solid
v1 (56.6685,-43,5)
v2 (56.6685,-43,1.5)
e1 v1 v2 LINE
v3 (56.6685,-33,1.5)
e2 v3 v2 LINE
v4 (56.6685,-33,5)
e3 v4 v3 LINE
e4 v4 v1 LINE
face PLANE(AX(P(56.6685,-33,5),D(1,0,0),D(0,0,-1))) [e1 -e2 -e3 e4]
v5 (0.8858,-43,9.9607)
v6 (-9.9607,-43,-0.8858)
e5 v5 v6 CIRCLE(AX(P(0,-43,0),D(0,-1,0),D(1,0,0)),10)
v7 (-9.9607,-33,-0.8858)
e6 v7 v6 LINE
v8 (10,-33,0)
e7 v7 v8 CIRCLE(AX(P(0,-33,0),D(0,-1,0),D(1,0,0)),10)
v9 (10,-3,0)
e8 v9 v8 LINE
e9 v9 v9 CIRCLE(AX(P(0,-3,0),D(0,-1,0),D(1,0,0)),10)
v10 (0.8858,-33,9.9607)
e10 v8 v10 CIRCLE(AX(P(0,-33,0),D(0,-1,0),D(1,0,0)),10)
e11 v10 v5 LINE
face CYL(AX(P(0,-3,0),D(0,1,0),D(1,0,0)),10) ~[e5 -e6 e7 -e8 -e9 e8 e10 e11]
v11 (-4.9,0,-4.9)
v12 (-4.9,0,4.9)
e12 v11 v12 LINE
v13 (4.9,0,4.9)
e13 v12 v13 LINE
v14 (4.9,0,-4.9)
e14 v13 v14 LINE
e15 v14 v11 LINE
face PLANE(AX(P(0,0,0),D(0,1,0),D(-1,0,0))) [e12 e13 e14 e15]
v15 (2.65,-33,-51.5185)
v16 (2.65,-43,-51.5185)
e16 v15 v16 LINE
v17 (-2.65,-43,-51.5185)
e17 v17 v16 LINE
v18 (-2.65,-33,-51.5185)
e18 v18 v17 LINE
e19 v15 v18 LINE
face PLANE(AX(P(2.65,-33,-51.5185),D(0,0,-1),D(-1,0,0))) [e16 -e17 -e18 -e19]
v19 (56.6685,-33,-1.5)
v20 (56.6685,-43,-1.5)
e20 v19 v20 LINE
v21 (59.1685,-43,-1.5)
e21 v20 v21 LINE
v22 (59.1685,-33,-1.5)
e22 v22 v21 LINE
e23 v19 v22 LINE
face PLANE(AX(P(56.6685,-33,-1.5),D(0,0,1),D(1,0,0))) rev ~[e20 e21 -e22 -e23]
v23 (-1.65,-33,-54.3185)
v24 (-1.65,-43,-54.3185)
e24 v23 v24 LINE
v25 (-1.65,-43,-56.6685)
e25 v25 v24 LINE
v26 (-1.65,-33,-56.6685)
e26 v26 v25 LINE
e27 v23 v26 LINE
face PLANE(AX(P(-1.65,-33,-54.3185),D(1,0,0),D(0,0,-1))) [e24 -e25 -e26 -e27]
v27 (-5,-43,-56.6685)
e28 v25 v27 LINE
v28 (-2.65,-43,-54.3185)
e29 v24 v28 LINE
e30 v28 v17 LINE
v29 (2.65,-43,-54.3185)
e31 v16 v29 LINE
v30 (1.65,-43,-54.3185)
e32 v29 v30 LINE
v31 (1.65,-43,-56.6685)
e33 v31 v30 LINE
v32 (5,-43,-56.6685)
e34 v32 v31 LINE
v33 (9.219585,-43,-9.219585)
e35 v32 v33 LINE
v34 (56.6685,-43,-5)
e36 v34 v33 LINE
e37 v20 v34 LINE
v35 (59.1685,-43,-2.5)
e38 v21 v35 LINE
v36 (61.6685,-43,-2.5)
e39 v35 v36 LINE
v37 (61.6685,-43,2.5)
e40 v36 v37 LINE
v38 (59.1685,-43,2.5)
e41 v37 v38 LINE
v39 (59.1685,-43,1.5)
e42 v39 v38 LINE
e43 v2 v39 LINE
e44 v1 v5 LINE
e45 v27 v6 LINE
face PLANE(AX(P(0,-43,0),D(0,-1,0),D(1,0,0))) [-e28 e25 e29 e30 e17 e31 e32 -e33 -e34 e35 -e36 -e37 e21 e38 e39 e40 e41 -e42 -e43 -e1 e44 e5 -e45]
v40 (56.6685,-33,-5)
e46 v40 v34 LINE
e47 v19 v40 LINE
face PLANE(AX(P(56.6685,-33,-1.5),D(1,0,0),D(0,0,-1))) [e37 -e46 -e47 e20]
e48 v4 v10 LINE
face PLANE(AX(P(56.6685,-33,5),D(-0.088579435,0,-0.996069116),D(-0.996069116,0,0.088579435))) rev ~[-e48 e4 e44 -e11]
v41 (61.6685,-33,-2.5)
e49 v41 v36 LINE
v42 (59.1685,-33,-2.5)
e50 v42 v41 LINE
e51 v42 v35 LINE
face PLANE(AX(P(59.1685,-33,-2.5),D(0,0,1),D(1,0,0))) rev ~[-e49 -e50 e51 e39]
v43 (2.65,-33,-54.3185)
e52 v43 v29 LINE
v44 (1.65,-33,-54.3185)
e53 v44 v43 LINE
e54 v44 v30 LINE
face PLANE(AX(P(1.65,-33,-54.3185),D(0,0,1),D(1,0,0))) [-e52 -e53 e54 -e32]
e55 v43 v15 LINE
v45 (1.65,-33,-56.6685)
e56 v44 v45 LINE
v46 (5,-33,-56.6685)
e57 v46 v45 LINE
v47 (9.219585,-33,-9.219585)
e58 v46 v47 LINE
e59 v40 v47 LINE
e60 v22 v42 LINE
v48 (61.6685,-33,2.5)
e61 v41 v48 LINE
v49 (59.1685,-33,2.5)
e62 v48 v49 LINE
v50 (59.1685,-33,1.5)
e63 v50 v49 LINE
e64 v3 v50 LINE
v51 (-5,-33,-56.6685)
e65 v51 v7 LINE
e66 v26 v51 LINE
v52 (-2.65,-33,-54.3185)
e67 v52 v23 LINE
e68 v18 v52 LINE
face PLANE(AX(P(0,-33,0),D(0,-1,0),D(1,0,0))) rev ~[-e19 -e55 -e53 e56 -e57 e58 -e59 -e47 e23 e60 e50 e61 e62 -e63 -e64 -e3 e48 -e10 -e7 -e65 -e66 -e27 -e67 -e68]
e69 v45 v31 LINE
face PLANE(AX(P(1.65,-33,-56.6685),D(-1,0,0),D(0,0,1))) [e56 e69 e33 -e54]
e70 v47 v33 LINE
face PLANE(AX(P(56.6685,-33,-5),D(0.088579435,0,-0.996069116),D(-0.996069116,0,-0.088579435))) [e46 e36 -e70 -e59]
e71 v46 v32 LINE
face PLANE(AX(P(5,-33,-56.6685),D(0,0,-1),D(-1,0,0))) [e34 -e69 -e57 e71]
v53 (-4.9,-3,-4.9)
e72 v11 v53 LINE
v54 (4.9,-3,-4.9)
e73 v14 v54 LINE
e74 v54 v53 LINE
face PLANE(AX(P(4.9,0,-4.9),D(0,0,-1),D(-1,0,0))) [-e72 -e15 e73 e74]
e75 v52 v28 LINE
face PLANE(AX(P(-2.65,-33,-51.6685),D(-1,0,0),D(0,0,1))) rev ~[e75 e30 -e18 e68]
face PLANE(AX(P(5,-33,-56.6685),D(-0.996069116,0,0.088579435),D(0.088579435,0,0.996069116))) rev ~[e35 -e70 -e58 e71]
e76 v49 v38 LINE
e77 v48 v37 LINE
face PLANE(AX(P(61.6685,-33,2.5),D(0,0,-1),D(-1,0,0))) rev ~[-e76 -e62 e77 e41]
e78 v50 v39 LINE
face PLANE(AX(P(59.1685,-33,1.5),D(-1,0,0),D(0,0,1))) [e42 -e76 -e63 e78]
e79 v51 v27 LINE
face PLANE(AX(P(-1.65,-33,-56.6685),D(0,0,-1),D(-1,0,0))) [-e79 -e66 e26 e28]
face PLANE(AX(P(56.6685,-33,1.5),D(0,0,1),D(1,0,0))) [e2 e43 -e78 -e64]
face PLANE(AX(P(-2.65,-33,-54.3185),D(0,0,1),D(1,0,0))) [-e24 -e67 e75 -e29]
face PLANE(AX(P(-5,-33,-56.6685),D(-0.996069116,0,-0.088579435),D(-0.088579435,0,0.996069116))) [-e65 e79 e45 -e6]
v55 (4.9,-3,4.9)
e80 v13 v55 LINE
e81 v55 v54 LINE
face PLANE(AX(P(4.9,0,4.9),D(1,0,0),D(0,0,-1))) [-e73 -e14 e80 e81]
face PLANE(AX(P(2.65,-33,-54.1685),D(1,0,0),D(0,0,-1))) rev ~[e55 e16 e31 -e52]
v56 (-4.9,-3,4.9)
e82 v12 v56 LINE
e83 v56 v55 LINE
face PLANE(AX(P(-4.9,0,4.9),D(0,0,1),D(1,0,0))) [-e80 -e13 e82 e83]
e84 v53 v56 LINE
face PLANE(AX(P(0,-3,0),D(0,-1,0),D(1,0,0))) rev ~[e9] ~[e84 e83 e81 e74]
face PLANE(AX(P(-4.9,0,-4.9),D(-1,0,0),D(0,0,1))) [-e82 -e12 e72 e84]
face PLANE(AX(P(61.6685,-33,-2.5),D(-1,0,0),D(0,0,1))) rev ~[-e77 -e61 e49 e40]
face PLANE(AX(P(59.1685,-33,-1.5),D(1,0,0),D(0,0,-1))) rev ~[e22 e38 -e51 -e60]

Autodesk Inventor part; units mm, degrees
ref_plane "YZ Plane" through (0, 0, 0) normal (1, 0, 0) x (0, 1, 0)
ref_plane "XZ Plane" through (0, 0, 0) normal (0, 1, 0) x (-1, 0, 0)
ref_plane "XY Plane" through (0, 0, 0) normal (0, 0, 1) x (1, 0, 0)
sketch "Sketch1" plane through (0, 0, 0) normal (0, 1, 0) x (-1, 0, 0)
  line L0 (4.9, 4.9) -> (-4.9, 4.9)
  line L1 (-4.9, 4.9) -> (-4.9, -4.9)
  line L2 (-4.9, -4.9) -> (4.9, -4.9)
  line L3 (4.9, -4.9) -> (4.9, 4.9)
  line L4 (4.9, 4.9) -> (-4.9, -4.9) construction
  line L5 (-4.9, 4.9) -> (4.9, -4.9) construction
  point P0 (0, 0)
  dimension "d0" = 9.8
  dimension "d1" = 9.8
extrude "Extrusion1" add sketch "Sketch1" against normal blind 3
sketch "Sketch2" plane through (0, -3, 0) normal (0, -1, 0) x (1, 0, 0)
  circle A0 centre (0, 0) radius 10
  dimension "d4" = 20
extrude "Extrusion2" add sketch "Sketch2" along normal blind 30
sketch "Sketch3" plane through (0, -33, 0) normal (0, -1, 0) x (1, 0, 0)
  arc A0 (56.6685, -50.6545) -> (56.6685, -62.6825) centre (56.6685, -56.6685) ccw projected
  line L0 (56.6685, -56.6685) -> (0, -56.6685)
  line L1 (0, -56.6685) -> (0, 0)
  circle A1 centre (0, 0) radius 10
  circle A2 centre (0, 0) radius 10 projected
  line L2 (0, -56.6685) -> (-5, -56.6685)
  line L3 (-5, -56.6685) -> (-9.9607, -0.8858)
  line L4 (56.6685, 5) -> (0.8858, 9.9607)
  line L5 (0, -56.6685) -> (5, -56.6685)
  line L6 (56.6685, -5) -> (0.8858, -9.9607)
  line L7 (5, -56.6685) -> (9.9607, -0.8858)
  line L8 (56.6685, 5) -> (112.4513, 9.9607)
  line L9 (56.6685, -5) -> (112.4513, -9.9607)
  line L10 (-5, -56.6685) -> (-9.9607, -112.4513)
  line L11 (5, -56.6685) -> (9.9607, -112.4513)
  line L12 (56.6685, 5) -> (56.6685, -5)
  line L13 (56.6685, 0) -> (56.6685, 1.5)
  line L14 (56.6685, 1.5) -> (59.1685, 1.5)
  line L15 (59.1685, 1.5) -> (59.1685, 2.5)
  line L16 (56.6685, 0) -> (56.6685, -1.5)
  line L17 (56.6685, -1.5) -> (59.1685, -1.5)
  line L18 (59.1685, -1.5) -> (59.1685, -2.5)
  line L19 (59.1685, -2.5) -> (61.6685, -2.5)
  line L20 (61.6685, -2.5) -> (61.6685, 2.5)
  line L21 (61.6685, 2.5) -> (59.1685, 2.5)
  line L22 (-1.5, -56.6685) -> (-1.5, -54.1685)
  line L23 (-1.5, -54.1685) -> (-2.5, -54.1685)
  line L24 (1.5, -56.6685) -> (1.5, -54.1685)
  line L25 (1.5, -54.1685) -> (2.5, -54.1685)
  line L26 (2.5, -54.1685) -> (2.5, -51.6685)
  line L27 (2.5, -51.6685) -> (-2.5, -51.6685)
  line L28 (-2.5, -51.6685) -> (-2.5, -54.1685)
  line L29 (-1.5, -56.6685) -> (1.5, -56.6685)
  line L30 (1.5, -56.6685) -> (1.65, -56.6685)
  line L31 (1.65, -56.6685) -> (1.65, -56.5185)
  line L32 (1.65, -56.5185) -> (1.5, -56.5185)
  line L33 (1.5, -56.5185) -> (1.5, -56.6685)
  line L34 (1.5, -54.1685) -> (1.65, -54.1685)
  line L35 (1.65, -54.1685) -> (1.65, -54.3185)
  line L36 (1.65, -54.3185) -> (1.5, -54.3185)
  line L37 (1.5, -54.3185) -> (1.5, -54.1685)
  line L38 (2.5, -54.1685) -> (2.65, -54.1685)
  line L39 (2.65, -54.1685) -> (2.65, -54.3185)
  line L40 (2.65, -54.3185) -> (2.5, -54.3185)
  line L41 (2.5, -54.3185) -> (2.5, -54.1685)
  line L42 (2.5, -51.6685) -> (2.65, -51.6685)
  line L43 (2.65, -51.6685) -> (2.65, -51.5185)
  line L44 (2.65, -51.5185) -> (2.5, -51.5185)
  line L45 (2.5, -51.5185) -> (2.5, -51.6685)
  line L46 (-2.5, -51.6685) -> (-2.65, -51.6685)
  line L47 (-2.65, -51.6685) -> (-2.65, -51.5185)
  line L48 (-2.65, -51.5185) -> (-2.5, -51.5185)
  line L49 (-2.5, -51.5185) -> (-2.5, -51.6685)
  line L50 (-2.5, -54.1685) -> (-2.65, -54.1685)
  line L51 (-2.65, -54.1685) -> (-2.65, -54.3185)
  line L52 (-2.65, -54.3185) -> (-2.5, -54.3185)
  line L53 (-2.5, -54.3185) -> (-2.5, -54.1685)
  line L54 (-1.5, -54.1685) -> (-1.65, -54.1685)
  line L55 (-1.65, -54.1685) -> (-1.65, -54.3185)
  line L56 (-1.65, -54.3185) -> (-1.5, -54.3185)
  line L57 (-1.5, -54.3185) -> (-1.5, -54.1685)
  line L58 (-1.5, -56.6685) -> (-1.65, -56.6685)
  line L59 (-1.65, -56.6685) -> (-1.65, -56.5185)
  line L60 (-1.65, -56.5185) -> (-1.5, -56.5185)
  line L61 (-1.5, -56.5185) -> (-1.5, -56.6685)
  line L62 (2.65, -51.6685) -> (2.65, -54.1685)
  line L63 (2.5, -51.5185) -> (-2.5, -51.5185)
  line L64 (-2.65, -51.6685) -> (-2.65, -54.1685)
  line L65 (-1.65, -54.3185) -> (-2.5, -54.3185)
  line L66 (-1.65, -54.3185) -> (-1.65, -56.5185)
  line L67 (1.65, -54.3185) -> (2.5, -54.3185)
  line L68 (1.65, -54.3185) -> (1.65, -56.5185)
  point P0 (0.8858, 9.9607)
  point P1 (0.8858, -9.9607)
  point P2 (0, -56.6685)
  point P3 (9.2196, -9.2196)
  point P4 (-9.9607, -0.8858)
  dimension "d8" = 5
  dimension "d23" = 1.5
  dimension "d24" = 2.5
  dimension "d25" = 1
  dimension "d26" = 1.5
  dimension "d27" = 2.5
  dimension "d28" = 1
  dimension "d29" = 2.5
  dimension "d32" = 2.5
  dimension "d33" = 1
  dimension "d34" = 2.5
  dimension "d35" = 1
  dimension "d36" = 2.5
  dimension "d37" = 0.15
  dimension "d38" = 0.15
  dimension "d39" = 0.15
  dimension "d40" = 0.15
  dimension "d41" = 0.15
  dimension "d42" = 0.15
  dimension "d43" = 0.15
  dimension "d44" = 0.15
  dimension "d45" = 0.15
  dimension "d46" = 0.15
  dimension "d47" = 0.15
  dimension "d48" = 0.15
  dimension "d49" = 0.15
  dimension "d50" = 0.15
  dimension "d51" = 0.15
  dimension "d52" = 0.15
extrude "Extrusion3" add sketch "Sketch3" along normal blind 10 contours L0 L31 L68 L67 L40 L39 L62 L43 L44 L63 L1 A1 L6 L7 | L7 A1 L4 L12 L6 | L6 A1 L7 | A1 | L12 L14 L15 L21 L20 L19 L18 L17 | L1 L63 L48 L47 L64 L51 L52 L65 L66 L59 L2 L3 A1
properties part number "Leg_v1"
